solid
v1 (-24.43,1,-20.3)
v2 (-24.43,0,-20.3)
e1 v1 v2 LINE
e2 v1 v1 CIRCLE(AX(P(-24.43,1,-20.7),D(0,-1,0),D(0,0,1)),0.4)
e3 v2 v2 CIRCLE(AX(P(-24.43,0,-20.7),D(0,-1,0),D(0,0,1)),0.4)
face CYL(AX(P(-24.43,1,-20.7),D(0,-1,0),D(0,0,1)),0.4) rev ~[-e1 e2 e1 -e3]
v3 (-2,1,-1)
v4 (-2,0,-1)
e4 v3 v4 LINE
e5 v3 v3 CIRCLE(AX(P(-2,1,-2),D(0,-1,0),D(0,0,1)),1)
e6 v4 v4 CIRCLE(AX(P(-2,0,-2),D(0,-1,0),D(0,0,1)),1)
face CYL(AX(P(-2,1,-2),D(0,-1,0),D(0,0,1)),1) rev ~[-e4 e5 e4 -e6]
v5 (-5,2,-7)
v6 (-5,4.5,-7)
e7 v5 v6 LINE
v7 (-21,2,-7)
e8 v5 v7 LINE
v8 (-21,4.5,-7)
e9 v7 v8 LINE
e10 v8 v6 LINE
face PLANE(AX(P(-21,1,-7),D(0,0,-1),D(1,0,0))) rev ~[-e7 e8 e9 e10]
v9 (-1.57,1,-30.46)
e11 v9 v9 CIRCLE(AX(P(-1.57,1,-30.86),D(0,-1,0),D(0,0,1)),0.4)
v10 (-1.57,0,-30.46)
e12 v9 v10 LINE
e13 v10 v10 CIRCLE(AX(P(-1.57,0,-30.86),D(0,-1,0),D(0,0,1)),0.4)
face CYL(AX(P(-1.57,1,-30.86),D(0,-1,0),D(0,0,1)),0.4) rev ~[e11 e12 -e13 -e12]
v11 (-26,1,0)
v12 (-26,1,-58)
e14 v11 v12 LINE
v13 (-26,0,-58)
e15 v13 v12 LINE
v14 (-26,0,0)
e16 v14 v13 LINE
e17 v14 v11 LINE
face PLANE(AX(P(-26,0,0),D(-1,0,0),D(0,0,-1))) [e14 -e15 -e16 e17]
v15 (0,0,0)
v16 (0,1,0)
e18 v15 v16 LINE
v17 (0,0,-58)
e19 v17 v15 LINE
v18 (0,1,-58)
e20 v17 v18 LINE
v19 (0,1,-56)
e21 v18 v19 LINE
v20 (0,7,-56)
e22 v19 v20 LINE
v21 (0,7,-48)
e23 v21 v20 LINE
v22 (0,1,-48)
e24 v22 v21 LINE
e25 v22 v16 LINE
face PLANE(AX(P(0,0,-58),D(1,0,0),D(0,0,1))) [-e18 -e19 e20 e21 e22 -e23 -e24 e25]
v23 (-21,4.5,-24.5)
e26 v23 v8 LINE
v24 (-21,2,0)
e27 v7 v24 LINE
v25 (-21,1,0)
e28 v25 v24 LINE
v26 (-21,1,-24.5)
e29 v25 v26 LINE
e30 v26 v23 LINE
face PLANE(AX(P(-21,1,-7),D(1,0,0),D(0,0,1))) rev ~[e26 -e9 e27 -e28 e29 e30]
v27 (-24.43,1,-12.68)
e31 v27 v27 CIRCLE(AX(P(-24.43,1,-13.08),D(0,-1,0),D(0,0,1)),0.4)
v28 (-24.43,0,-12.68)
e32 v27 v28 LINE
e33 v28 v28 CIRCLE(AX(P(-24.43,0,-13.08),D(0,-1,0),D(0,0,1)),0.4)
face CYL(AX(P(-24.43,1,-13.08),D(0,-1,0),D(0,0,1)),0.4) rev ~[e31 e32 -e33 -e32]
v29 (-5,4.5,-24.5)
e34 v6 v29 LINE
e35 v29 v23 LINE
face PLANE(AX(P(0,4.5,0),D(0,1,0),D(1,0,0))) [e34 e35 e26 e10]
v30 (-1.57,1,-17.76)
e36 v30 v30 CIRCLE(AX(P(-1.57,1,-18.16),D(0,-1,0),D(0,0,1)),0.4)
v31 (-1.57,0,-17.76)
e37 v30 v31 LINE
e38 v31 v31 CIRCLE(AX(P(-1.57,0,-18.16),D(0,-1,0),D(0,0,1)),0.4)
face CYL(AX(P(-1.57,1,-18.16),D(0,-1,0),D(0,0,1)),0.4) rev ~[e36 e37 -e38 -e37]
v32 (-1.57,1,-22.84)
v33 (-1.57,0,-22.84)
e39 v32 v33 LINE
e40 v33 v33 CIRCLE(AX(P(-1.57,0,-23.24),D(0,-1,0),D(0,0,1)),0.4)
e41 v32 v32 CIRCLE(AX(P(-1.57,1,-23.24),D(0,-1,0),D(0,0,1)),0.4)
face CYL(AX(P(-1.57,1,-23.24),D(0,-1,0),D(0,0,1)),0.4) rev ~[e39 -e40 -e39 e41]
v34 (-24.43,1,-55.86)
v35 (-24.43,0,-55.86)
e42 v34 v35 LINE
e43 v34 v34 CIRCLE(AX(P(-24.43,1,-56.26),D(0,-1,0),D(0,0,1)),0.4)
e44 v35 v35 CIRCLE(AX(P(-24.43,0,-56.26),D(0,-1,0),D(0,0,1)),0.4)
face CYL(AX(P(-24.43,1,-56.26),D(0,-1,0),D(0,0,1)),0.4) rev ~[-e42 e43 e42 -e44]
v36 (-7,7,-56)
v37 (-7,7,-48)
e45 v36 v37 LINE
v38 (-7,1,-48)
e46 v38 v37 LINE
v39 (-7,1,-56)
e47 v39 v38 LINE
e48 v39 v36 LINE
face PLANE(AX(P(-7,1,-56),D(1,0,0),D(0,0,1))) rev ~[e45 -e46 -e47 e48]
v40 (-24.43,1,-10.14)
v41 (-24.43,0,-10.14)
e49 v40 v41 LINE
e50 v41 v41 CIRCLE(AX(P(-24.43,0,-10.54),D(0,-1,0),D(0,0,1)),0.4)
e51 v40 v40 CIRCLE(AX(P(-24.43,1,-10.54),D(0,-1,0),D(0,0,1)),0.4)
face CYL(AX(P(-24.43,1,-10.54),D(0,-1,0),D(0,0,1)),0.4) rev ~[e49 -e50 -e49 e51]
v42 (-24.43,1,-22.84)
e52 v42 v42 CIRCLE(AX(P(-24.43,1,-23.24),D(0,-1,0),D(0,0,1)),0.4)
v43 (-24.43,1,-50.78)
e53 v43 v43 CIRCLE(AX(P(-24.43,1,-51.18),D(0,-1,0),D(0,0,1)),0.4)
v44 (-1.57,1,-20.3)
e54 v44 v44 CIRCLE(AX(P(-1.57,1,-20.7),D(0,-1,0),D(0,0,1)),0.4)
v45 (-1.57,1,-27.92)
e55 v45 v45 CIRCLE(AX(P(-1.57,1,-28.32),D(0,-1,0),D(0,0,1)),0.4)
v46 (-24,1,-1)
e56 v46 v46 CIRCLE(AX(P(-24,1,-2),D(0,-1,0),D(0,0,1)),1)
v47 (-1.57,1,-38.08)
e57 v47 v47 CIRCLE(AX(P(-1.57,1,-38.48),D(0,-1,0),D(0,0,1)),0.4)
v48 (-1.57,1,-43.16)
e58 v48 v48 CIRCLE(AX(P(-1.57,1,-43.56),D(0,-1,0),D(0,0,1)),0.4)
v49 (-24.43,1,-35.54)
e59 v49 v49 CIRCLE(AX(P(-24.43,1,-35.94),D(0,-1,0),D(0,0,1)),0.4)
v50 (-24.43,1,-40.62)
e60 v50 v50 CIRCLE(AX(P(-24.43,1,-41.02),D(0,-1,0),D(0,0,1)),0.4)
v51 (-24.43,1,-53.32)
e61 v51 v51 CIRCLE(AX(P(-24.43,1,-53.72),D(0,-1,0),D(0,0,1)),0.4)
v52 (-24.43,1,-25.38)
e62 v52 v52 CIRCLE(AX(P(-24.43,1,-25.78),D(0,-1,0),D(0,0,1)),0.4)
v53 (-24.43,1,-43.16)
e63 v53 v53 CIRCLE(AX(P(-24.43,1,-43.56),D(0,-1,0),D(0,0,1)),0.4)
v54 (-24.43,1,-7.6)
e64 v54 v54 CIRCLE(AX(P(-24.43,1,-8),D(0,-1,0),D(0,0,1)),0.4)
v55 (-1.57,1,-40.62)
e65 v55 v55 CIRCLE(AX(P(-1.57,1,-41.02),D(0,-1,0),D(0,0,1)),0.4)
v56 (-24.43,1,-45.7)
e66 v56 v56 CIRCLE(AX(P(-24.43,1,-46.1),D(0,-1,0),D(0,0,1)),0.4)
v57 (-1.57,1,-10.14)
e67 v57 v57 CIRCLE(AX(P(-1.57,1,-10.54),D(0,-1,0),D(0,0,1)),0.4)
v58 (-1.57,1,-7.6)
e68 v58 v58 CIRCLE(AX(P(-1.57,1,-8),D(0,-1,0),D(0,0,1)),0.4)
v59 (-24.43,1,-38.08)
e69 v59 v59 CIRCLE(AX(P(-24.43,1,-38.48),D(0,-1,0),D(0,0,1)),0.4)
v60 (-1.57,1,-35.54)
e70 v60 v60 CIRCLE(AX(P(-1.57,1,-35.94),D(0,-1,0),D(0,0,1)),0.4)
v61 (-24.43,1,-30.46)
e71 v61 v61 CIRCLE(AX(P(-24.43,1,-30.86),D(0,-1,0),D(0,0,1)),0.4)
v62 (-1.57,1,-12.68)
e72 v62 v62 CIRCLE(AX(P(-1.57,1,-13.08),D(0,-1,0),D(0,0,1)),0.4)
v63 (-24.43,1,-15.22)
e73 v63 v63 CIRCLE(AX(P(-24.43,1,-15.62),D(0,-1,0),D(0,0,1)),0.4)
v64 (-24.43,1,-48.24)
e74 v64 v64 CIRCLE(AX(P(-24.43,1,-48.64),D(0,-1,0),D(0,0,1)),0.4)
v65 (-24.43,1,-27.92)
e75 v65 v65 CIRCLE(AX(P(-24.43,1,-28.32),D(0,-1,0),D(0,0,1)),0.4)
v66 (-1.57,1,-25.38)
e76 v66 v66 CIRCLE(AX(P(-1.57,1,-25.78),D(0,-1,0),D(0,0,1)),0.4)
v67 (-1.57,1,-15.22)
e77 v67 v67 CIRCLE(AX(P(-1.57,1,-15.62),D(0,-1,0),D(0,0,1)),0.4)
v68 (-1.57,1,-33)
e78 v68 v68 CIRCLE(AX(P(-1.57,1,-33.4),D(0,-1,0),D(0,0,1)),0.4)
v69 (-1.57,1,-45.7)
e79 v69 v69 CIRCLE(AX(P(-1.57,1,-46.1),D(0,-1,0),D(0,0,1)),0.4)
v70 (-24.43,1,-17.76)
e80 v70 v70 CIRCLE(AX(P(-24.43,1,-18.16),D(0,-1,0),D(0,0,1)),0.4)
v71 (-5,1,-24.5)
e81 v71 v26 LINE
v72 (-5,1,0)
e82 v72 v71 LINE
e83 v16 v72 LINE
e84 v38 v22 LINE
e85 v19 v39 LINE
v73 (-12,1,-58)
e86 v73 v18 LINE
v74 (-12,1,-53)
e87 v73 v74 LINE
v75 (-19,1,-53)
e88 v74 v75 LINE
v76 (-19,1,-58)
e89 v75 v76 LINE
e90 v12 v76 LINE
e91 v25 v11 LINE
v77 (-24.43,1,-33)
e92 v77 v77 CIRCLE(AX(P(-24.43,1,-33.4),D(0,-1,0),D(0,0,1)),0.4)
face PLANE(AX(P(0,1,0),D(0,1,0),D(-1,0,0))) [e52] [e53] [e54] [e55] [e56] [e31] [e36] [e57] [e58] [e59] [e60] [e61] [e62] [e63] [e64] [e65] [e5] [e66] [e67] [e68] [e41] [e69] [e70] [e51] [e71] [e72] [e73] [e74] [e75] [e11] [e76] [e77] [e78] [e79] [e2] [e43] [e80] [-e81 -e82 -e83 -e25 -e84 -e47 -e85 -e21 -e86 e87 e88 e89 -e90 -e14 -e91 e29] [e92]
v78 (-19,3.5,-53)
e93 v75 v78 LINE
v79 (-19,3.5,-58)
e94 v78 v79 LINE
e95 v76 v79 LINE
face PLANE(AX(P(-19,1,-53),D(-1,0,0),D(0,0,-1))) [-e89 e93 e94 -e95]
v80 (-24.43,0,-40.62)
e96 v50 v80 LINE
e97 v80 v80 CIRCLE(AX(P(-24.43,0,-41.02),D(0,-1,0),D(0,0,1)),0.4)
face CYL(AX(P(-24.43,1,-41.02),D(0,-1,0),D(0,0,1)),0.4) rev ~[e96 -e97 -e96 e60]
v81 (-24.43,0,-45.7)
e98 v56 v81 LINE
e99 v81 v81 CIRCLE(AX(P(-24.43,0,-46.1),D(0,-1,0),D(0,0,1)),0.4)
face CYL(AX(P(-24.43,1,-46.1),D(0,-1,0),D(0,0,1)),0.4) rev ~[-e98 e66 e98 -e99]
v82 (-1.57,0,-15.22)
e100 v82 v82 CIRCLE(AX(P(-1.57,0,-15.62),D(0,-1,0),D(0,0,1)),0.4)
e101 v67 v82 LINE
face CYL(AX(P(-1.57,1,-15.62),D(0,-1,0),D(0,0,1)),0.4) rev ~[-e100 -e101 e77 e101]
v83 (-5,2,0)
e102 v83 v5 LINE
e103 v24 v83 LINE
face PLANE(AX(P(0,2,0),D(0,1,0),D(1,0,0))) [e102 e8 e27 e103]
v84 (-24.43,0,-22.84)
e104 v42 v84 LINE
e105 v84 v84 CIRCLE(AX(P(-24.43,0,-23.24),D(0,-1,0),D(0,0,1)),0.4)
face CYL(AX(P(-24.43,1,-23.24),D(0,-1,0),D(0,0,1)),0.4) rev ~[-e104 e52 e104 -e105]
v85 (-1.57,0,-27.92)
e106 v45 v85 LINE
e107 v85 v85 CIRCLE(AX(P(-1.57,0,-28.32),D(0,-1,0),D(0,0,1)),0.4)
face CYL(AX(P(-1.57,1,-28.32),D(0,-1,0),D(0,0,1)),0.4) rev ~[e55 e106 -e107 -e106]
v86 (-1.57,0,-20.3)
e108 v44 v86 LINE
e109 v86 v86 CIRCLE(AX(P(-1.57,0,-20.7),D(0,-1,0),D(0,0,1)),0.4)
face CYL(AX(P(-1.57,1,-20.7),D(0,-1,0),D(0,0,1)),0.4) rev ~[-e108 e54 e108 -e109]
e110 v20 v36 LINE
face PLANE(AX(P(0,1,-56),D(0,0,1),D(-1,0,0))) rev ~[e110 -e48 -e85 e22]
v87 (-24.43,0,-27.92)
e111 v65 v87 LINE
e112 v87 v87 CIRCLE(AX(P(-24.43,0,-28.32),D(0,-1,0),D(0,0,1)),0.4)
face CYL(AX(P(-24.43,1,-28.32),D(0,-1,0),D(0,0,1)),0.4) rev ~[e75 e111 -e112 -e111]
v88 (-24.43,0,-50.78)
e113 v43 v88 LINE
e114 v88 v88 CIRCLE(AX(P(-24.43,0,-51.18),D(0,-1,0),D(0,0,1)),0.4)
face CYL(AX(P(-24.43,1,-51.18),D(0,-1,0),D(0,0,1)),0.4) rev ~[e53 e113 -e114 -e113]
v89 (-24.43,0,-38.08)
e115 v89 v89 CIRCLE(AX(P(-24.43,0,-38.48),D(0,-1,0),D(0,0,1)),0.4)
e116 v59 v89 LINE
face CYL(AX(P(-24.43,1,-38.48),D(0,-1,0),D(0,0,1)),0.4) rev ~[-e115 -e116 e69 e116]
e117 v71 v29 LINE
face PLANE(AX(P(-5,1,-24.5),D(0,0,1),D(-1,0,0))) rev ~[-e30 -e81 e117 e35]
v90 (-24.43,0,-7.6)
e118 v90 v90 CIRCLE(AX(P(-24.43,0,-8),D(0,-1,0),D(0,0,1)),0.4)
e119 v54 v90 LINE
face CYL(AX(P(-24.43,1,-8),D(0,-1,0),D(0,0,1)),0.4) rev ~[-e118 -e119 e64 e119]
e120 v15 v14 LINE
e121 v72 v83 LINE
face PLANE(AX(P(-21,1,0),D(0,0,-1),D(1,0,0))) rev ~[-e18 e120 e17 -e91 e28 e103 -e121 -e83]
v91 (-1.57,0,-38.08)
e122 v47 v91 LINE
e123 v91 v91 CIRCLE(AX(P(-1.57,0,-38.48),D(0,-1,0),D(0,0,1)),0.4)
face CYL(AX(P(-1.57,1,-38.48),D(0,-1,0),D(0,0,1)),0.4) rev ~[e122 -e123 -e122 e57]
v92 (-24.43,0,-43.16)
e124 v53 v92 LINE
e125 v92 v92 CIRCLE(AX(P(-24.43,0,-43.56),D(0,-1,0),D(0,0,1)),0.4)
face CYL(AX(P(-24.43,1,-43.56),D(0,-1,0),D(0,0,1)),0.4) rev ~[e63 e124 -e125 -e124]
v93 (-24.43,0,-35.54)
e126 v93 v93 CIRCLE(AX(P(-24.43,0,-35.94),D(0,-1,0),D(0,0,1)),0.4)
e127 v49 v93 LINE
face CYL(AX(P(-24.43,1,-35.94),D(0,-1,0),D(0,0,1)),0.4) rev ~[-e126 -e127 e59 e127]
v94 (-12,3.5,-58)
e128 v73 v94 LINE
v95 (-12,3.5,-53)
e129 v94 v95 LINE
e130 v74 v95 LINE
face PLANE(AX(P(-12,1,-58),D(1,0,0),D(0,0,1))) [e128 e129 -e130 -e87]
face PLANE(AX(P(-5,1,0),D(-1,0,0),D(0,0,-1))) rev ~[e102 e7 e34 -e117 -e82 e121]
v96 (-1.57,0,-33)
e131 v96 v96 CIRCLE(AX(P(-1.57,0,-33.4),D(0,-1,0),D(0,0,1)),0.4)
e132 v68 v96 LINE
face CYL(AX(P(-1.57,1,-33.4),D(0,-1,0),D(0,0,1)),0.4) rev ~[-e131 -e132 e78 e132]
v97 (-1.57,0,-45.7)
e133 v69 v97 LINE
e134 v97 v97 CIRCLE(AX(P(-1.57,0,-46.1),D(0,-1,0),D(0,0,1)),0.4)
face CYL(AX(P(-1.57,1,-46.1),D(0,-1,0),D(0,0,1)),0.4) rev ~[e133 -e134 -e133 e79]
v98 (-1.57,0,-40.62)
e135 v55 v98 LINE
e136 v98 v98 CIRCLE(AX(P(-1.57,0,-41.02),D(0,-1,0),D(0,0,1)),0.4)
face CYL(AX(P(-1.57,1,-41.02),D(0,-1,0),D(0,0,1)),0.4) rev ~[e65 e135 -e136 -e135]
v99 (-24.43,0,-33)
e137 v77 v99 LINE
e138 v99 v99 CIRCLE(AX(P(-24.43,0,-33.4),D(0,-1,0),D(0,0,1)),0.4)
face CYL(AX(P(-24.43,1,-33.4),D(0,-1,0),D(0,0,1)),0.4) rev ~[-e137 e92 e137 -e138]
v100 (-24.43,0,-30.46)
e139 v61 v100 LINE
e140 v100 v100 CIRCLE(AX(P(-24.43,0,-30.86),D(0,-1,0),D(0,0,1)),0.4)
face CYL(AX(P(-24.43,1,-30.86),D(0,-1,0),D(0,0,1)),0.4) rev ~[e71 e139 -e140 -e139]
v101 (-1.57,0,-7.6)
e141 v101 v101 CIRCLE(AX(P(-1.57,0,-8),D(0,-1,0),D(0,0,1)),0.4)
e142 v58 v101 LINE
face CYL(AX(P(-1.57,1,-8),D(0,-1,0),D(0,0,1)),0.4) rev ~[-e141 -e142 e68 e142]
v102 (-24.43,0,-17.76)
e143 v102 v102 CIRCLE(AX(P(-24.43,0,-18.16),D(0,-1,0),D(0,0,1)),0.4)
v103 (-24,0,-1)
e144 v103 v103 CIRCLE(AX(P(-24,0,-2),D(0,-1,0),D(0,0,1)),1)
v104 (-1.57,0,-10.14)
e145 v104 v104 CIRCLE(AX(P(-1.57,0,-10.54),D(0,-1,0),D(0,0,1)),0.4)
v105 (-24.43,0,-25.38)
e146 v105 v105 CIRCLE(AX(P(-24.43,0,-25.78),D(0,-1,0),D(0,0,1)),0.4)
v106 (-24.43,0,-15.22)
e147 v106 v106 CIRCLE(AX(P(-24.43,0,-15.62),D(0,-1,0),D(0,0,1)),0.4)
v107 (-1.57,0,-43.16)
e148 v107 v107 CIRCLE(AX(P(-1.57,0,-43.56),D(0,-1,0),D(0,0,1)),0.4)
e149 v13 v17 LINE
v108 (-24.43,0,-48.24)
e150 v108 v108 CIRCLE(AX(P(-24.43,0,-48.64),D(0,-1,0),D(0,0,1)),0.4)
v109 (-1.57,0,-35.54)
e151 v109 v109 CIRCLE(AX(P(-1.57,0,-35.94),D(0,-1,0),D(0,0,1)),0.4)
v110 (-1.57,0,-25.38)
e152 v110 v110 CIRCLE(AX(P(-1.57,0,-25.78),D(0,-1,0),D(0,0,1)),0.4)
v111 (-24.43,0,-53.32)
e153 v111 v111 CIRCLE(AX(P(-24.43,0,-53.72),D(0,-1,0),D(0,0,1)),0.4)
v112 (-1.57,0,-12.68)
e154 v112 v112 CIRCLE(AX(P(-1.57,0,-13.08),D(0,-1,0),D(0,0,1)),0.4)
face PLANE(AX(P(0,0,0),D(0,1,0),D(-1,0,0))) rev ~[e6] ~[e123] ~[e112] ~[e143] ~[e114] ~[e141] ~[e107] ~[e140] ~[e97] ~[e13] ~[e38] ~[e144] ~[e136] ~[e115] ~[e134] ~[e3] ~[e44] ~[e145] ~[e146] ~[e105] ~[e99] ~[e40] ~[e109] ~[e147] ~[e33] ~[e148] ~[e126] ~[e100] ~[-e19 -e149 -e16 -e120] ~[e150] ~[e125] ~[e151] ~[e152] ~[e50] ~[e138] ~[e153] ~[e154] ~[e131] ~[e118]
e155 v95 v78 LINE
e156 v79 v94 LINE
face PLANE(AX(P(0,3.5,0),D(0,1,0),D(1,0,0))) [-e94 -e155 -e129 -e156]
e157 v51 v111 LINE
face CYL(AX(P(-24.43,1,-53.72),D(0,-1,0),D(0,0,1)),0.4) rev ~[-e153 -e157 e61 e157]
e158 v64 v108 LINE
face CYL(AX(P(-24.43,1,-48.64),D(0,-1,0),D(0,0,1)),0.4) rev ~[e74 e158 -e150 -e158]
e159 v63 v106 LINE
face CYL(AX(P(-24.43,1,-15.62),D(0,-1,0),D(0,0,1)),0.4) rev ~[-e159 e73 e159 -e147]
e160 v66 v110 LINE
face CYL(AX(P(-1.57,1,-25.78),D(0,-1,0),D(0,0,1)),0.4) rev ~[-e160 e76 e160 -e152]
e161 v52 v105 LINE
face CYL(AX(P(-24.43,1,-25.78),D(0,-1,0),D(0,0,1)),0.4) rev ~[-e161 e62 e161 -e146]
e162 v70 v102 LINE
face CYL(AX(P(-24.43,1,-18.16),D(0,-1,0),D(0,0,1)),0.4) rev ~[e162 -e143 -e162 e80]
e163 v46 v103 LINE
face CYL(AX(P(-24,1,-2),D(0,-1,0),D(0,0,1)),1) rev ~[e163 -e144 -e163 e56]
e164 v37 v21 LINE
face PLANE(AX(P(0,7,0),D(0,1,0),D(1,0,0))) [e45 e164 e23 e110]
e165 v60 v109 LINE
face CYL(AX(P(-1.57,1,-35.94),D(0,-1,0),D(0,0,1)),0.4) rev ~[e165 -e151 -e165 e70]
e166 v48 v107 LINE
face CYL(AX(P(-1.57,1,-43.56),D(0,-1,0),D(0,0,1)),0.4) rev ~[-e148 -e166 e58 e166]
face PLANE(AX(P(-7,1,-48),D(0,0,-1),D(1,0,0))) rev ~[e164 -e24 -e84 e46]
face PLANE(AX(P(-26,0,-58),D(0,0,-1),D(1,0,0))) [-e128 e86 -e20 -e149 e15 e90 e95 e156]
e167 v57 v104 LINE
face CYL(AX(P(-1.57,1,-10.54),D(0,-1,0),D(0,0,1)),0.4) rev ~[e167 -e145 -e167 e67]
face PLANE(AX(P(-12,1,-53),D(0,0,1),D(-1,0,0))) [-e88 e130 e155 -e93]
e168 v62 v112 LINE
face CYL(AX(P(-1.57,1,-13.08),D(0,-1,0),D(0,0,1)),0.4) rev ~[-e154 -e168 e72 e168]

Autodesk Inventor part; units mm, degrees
ref_plane "YZ Plane" through (0, 0, 0) normal (1, 0, 0) x (0, 1, 0)
ref_plane "XZ Plane" through (0, 0, 0) normal (0, 1, 0) x (-1, 0, 0)
ref_plane "XY Plane" through (0, 0, 0) normal (0, 0, 1) x (1, 0, 0)
sketch "Эскиз1" plane through (0, 0, 0) normal (0, 1, 0) x (-1, 0, 0)
  line L0 (0, 0) -> (26, 0)
  line L1 (26, 0) -> (26, -58)
  line L2 (26, -58) -> (0, -58)
  line L3 (0, -58) -> (0, 0)
  dimension "d0" = 58
  dimension "d1" = 26
extrude "Выдавливание1" add sketch "Эскиз1" along normal blind 1
sketch "Эскиз2" plane through (0, 1, 0) normal (0, 1, 0) x (1, 0, 0)
  line L0 (-26, 0) -> (0, 0) projected
  line L1 (-26, 58) -> (-26, 0) projected
  line L2 (0, 0) -> (0, 58) projected
  point P0 (-24, 2)
  point P1 (-2, 2)
  dimension "d4" = 2
  dimension "d5" = 2
  dimension "d6" = 2
  dimension "d7" = 2
hole "Отверстие1" at (-24, 1, -2) at (-2, 1, -2) direction (0, -1, 0) diameter 2 end through all
sketch "Эскиз3" plane through (0, 1, 0) normal (0, 1, 0) x (1, 0, 0)
  line L0 (-12, 53) -> (-19, 53)
  line L1 (-19, 53) -> (-19, 58)
  line L2 (-19, 58) -> (-12, 58)
  line L3 (-12, 58) -> (-12, 53)
  line L4 (0, 58) -> (-26, 58) projected
  line L5 (-26, 58) -> (-26, 0) projected
  point P0 (0, 0)
  dimension "d15" = 7
  dimension "d16" = 5
  dimension "d17" = 7
extrude "Выдавливание2" add sketch "Эскиз3" along normal blind 2.5
sketch "Эскиз4" plane through (0, 1, 0) normal (0, 1, 0) x (1, 0, 0)
  line L0 (-7, 48) -> (0, 48)
  line L1 (0, 48) -> (0, 56)
  line L2 (0, 56) -> (-7, 56)
  line L3 (-7, 56) -> (-7, 48)
  line L4 (0, 0) -> (0, 58) projected
  line L5 (0, 58) -> (-12, 58) projected
  dimension "d20" = 7
  dimension "d21" = 8
  dimension "d22" = 2
extrude "Выдавливание3" add sketch "Эскиз4" along normal blind 6
sketch "Эскиз5" plane through (0, 1, 0) normal (0, 1, 0) x (1, 0, 0)
  line L0 (-21, 7) -> (-5, 7)
  line L1 (-5, 7) -> (-5, 24.5)
  line L2 (-5, 24.5) -> (-21, 24.5)
  line L3 (-21, 24.5) -> (-21, 7)
  line L4 (-26, 0) -> (0, 0) projected
  point P0 (-13, 7)
  point P1 (-13, 0)
  dimension "d25" = 17.5
  dimension "d26" = 16
  dimension "d27" = 7
extrude "Выдавливание4" add sketch "Эскиз5" along normal blind 3.5
sketch "Эскиз6" plane through (0, 1, 0) normal (0, 1, 0) x (1, 0, 0)
  line L0 (-5, 7) -> (-21, 7) projected
  line L1 (-5, 7) -> (-21, 7)
  line L2 (-21, 7) -> (-21, 0)
  line L3 (-21, 0) -> (-5, 0)
  line L4 (-5, 0) -> (-5, 7)
  line L5 (-21, 24.5) -> (-21, 7) projected
  line L6 (-26, 0) -> (0, 0) projected
extrude "Выдавливание5" add sketch "Эскиз6" along normal blind 1
sketch "Эскиз7" plane through (0, 1, 0) normal (0, 1, 0) x (1, 0, 0)
  line L0 (-26, 0) -> (-21, 0) projected
  line L1 (-26, 58) -> (-26, 0) projected
  line L2 (0, 0) -> (0, 48) projected
  point P0 (-24.43, 8)
  point P1 (-24.43, 10.54)
  point P2 (-24.43, 13.08)
  point P3 (-24.43, 15.62)
  point P4 (-24.43, 18.16)
  point P5 (-24.43, 20.7)
  point P6 (-24.43, 23.24)
  point P7 (-24.43, 25.78)
  point P8 (-24.43, 28.32)
  point P9 (-24.43, 30.86)
  point P10 (-24.43, 33.4)
  point P11 (-24.43, 35.94)
  point P12 (-24.43, 38.48)
  point P13 (-24.43, 41.02)
  point P14 (-24.43, 43.56)
  point P15 (-24.43, 46.1)
  point P16 (-24.43, 48.64)
  point P17 (-24.43, 51.18)
  point P18 (-24.43, 53.72)
  point P19 (-24.43, 56.26)
  point P20 (-1.57, 8)
  point P21 (-1.57, 10.54)
  point P22 (-1.57, 13.08)
  point P23 (-1.57, 15.62)
  point P24 (-1.57, 18.16)
  point P25 (-1.57, 20.7)
  point P26 (-1.57, 23.24)
  point P27 (-1.57, 25.78)
  point P28 (-1.57, 28.32)
  point P29 (-1.57, 30.86)
  point P30 (-1.57, 33.4)
  point P31 (-1.57, 35.94)
  point P32 (-1.57, 38.48)
  point P33 (-1.57, 41.02)
  point P34 (-1.57, 43.56)
  point P35 (-1.57, 46.1)
  dimension "d32" = 8
  dimension "d33" = 1.57
  dimension "d36" = 2.54
  dimension "d48" = 1.57
  dimension "d51" = 2.54
hole "Отверстие2" at (-24.43, 1, -8) at (-24.43, 1, -10.54) at (-24.43, 1, -13.08) at (-24.43, 1, -15.62) at (-24.43, 1, -18.16) at (-24.43, 1, -20.7) at (-24.43, 1, -23.24) at (-24.43, 1, -25.78) at (-24.43, 1, -28.32) at (-24.43, 1, -30.86) at (-24.43, 1, -33.4) at (-24.43, 1, -35.94) at (-24.43, 1, -38.48) at (-24.43, 1, -41.02) at (-24.43, 1, -43.56) at (-24.43, 1, -46.1) at (-24.43, 1, -48.64) at (-24.43, 1, -51.18) at (-24.43, 1, -53.72) at (-24.43, 1, -56.26) at (-1.57, 1, -46.1) at (-1.57, 1, -43.56) at (-1.57, 1, -41.02) at (-1.57, 1, -38.48) at (-1.57, 1, -35.94) at (-1.57, 1, -33.4) at (-1.57, 1, -25.78) at (-1.57, 1, -23.24) at (-1.57, 1, -20.7) at (-1.57, 1, -18.16) at (-1.57, 1, -15.62) at (-1.57, 1, -13.08) at (-1.57, 1, -10.54) at (-1.57, 1, -28.32) at (-1.57, 1, -30.86) at (-1.57, 1, -8) direction (0, -1, 0) diameter 0.8 end through all
equation "\"d48\" = d33"
properties part number "ESP32 LOLIN32 V1.0.0"
